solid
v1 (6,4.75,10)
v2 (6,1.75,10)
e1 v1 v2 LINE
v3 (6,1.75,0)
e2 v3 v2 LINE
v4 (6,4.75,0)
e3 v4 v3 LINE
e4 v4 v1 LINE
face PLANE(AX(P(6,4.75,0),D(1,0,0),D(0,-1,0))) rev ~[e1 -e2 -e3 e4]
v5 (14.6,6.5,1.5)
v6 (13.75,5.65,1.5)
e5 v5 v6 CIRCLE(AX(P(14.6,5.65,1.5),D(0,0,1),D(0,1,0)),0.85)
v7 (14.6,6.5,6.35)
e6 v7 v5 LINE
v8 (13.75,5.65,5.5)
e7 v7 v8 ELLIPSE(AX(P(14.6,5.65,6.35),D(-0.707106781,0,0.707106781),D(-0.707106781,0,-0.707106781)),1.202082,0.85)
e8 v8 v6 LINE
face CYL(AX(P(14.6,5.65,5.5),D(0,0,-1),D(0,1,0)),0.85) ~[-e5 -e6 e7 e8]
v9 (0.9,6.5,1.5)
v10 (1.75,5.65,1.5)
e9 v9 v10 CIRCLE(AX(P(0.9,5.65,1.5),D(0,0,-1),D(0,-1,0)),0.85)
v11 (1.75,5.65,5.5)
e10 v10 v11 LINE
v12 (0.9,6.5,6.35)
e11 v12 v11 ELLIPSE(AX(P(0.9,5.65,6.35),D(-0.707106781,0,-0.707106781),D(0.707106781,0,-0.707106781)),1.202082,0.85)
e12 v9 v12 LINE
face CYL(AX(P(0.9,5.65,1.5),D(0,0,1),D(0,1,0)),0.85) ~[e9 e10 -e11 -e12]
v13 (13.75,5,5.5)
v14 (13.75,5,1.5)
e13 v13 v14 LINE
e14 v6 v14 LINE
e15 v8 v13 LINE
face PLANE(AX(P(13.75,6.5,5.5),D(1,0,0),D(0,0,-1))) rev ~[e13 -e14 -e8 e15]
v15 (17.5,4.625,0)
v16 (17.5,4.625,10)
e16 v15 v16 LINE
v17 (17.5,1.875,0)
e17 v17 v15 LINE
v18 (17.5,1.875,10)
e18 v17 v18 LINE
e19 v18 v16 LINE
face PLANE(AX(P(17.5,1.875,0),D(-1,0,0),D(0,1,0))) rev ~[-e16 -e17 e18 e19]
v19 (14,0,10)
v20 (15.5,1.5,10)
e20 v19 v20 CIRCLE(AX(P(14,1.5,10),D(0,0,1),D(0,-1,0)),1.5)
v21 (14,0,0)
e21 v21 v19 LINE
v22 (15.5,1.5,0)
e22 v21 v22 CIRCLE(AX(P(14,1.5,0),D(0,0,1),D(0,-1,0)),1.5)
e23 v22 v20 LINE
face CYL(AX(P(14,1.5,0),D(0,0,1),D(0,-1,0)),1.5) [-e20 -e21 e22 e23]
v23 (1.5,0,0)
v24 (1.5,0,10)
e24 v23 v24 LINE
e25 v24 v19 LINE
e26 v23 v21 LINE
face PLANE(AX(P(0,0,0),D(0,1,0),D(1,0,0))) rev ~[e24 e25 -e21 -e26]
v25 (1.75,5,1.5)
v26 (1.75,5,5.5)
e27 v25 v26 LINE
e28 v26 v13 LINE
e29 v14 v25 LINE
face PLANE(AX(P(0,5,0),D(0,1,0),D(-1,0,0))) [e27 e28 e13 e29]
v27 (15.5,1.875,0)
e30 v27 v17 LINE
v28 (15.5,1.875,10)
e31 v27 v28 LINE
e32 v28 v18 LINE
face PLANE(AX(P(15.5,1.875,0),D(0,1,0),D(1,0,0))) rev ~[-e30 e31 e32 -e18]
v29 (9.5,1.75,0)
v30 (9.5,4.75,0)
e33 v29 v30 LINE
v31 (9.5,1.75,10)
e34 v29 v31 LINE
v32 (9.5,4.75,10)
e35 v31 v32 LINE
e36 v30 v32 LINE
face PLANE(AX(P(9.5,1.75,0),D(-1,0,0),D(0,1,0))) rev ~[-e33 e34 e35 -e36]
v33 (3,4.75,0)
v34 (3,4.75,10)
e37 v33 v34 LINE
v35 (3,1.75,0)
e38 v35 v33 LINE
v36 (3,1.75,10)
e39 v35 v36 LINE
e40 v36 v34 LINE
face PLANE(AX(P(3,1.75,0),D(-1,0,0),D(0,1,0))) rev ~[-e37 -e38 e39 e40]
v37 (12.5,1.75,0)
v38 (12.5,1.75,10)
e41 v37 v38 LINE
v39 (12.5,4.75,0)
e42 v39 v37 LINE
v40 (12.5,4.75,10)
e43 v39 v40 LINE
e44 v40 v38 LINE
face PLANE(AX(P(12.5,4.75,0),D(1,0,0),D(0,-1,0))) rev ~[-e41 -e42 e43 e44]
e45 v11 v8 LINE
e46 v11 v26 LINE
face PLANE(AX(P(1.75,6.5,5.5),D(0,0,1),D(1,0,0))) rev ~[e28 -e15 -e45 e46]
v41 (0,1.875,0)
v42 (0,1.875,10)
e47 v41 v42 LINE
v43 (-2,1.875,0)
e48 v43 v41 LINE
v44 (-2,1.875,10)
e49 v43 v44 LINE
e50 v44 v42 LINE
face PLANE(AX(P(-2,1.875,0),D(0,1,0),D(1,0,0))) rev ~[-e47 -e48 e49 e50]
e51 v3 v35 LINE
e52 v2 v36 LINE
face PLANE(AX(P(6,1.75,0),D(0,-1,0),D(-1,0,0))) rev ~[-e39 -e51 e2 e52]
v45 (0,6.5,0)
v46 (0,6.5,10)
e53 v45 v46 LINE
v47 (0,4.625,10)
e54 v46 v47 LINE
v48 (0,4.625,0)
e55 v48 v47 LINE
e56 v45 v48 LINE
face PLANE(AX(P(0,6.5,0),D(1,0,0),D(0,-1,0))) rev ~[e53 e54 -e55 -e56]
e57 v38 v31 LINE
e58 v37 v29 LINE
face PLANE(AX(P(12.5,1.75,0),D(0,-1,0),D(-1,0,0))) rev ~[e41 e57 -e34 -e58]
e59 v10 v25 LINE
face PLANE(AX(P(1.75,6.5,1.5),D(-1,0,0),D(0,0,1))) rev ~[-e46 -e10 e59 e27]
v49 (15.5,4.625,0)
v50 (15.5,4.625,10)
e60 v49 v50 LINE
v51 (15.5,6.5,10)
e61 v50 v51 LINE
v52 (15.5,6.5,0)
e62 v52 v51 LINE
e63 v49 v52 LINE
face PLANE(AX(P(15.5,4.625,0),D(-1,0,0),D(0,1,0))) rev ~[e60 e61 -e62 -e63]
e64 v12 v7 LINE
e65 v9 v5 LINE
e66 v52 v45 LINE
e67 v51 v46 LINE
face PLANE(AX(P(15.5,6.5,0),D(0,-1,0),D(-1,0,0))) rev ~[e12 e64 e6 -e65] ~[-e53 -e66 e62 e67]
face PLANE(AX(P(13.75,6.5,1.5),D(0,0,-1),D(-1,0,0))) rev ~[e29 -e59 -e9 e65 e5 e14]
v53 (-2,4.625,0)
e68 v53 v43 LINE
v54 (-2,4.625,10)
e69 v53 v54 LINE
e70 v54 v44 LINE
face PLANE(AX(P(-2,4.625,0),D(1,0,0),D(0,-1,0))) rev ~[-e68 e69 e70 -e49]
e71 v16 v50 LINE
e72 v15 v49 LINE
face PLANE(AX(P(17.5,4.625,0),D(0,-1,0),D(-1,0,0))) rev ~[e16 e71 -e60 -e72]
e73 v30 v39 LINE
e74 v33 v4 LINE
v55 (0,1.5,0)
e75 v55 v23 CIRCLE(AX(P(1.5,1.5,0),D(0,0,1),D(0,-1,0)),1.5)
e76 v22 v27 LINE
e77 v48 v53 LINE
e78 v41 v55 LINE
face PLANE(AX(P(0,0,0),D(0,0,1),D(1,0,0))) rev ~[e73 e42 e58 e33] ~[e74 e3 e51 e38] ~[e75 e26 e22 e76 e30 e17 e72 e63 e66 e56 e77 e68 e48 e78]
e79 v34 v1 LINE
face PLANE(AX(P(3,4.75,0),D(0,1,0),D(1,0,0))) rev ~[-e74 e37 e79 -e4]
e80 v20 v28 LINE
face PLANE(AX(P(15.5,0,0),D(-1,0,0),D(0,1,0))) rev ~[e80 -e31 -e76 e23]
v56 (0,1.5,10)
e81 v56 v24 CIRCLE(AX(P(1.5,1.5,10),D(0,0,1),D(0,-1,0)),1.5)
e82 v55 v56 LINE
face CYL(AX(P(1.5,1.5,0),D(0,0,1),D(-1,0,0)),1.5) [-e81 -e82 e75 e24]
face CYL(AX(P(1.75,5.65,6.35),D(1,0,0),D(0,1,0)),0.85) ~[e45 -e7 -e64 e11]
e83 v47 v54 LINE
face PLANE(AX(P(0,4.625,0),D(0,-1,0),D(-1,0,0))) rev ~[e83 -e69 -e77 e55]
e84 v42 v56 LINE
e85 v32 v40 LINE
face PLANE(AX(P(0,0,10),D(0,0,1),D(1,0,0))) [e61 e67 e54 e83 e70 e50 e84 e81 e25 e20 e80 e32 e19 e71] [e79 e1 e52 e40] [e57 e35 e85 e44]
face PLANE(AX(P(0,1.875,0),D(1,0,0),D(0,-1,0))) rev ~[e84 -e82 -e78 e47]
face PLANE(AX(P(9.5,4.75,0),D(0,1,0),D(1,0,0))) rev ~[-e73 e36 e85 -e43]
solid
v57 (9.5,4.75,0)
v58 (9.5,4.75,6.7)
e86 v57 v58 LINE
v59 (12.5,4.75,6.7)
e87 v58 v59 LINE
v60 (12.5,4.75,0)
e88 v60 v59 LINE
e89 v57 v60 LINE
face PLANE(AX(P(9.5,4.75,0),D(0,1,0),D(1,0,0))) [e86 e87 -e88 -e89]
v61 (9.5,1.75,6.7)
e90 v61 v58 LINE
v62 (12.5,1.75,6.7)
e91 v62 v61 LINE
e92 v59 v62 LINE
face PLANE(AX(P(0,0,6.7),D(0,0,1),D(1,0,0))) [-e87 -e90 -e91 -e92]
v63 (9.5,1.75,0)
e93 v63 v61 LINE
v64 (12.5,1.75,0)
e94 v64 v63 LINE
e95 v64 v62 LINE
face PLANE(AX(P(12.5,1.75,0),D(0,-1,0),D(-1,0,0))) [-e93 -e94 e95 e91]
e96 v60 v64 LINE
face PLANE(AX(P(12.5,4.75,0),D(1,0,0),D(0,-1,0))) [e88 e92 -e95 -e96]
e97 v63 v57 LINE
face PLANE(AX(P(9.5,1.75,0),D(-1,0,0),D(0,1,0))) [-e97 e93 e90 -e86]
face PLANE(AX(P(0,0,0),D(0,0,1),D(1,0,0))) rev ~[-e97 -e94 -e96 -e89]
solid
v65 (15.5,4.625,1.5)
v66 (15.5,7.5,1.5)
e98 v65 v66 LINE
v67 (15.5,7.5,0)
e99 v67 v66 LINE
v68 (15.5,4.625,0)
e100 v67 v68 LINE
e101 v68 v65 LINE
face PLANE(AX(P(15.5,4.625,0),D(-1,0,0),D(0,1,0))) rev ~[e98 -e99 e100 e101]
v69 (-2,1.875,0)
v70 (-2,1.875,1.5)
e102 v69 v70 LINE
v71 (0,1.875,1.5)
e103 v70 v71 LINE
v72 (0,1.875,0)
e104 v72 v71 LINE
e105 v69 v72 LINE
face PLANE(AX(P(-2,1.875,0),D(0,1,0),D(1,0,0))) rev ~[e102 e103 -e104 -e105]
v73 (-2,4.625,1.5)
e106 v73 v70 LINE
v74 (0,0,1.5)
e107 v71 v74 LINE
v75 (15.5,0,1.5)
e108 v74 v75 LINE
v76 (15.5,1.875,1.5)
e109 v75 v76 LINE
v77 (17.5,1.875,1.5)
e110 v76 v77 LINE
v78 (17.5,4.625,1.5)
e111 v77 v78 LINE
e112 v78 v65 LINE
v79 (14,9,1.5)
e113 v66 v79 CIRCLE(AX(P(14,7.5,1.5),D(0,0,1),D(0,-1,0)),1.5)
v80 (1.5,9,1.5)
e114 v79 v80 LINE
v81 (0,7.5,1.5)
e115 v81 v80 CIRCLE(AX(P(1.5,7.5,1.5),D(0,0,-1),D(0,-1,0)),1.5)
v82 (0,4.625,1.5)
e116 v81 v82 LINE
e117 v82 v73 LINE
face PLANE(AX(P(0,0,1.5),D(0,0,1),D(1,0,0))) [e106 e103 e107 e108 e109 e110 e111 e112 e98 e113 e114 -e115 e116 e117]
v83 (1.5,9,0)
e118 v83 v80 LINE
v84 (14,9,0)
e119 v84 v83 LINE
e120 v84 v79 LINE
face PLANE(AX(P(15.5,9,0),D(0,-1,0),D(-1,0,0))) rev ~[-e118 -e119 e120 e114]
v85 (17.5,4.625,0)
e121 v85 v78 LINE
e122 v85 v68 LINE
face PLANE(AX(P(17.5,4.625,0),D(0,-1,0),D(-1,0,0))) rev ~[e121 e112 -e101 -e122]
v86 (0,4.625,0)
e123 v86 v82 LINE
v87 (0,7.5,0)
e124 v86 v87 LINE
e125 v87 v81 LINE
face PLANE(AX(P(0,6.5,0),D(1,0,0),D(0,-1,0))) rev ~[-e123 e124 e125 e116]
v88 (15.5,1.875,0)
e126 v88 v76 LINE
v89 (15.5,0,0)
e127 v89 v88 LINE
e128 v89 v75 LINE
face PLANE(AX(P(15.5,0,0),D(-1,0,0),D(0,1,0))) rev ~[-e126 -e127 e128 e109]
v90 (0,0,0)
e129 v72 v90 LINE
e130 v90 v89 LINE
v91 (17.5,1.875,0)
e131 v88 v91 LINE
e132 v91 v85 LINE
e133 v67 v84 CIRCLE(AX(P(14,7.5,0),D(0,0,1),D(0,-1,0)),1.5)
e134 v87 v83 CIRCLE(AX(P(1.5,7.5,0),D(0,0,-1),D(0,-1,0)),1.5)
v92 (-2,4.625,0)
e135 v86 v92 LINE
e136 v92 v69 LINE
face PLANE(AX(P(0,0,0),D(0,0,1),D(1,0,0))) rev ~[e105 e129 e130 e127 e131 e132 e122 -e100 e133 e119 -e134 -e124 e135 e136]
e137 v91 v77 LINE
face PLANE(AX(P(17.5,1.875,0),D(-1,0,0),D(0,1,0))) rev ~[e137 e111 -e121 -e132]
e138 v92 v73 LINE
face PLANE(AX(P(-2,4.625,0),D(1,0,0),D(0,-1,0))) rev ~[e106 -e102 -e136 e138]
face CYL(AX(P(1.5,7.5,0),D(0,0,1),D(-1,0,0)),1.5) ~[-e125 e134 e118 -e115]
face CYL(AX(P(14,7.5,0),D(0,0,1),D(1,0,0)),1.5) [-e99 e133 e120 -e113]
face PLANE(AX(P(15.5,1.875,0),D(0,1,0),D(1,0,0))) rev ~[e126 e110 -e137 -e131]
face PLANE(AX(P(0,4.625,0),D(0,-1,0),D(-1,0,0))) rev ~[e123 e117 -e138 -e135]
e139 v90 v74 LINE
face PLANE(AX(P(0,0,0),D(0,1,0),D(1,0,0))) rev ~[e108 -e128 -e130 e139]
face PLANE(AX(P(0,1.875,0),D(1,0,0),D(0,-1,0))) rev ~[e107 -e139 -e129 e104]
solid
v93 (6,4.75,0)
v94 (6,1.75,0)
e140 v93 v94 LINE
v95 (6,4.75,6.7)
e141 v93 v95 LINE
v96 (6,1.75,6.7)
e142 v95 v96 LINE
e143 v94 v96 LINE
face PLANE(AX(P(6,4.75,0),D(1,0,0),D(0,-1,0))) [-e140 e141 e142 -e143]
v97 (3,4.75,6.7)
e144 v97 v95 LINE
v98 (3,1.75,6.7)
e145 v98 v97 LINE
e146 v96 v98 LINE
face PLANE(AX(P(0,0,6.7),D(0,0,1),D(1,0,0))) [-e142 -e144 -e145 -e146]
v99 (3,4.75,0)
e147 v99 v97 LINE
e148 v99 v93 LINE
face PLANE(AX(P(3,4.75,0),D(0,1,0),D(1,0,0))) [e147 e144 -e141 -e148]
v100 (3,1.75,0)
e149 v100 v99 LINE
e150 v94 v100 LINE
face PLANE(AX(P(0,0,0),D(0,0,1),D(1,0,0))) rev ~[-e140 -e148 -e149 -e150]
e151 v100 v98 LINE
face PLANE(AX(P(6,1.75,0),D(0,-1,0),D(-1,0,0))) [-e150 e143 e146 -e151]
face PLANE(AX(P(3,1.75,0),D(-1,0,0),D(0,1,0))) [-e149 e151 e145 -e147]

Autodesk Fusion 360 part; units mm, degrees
sketch "Sketch1" plane through (0, 0, 0) normal (0, 0, 1) x (1, 0, 0) in component "USB-Cover"
  line L0 (0, 0) -> (15.5, 0)
  line L1 (15.5, 0) -> (15.5, 9)
  line L2 (15.5, 9) -> (0, 9)
  line L3 (0, 9) -> (0, 0)
  line L4 (0, 0) -> (15.5, 0)
  line L5 (15.5, 0) -> (15.5, 6.5)
  line L6 (15.5, 6.5) -> (0, 6.5)
  line L7 (0, 6.5) -> (0, 0)
  line L8 (15.5, 1.875) -> (17.5, 1.875)
  line L9 (17.5, 1.875) -> (17.5, 4.625)
  line L10 (17.5, 4.625) -> (15.5, 4.625)
  line L11 (15.5, 4.625) -> (15.5, 1.875)
  line L12 (15.5, 0) -> (18.6778, 0) construction
  line L13 (-2, 1.875) -> (0, 1.875)
  line L14 (0, 4.625) -> (-2, 4.625)
  line L15 (0, 1.875) -> (0, 4.625)
  line L16 (-2, 4.625) -> (-2, 1.875)
  line L17 (3, 4.75) -> (6, 4.75)
  line L18 (6, 4.75) -> (6, 1.75)
  line L19 (6, 1.75) -> (3, 1.75)
  line L20 (3, 1.75) -> (3, 4.75)
  line L21 (9.5, 4.75) -> (12.5, 4.75)
  line L22 (9.5, 1.75) -> (9.5, 4.75)
  line L23 (12.5, 1.75) -> (9.5, 1.75)
  line L24 (12.5, 4.75) -> (12.5, 1.75)
  line L25 (1.2119, 0) -> (-4.6965, 0) construction
  dimension "d1" = 15.5
  dimension "d2" = 9
  dimension "d3" = 6.5
  dimension "d4" = 2
  dimension "d5" = 2.75
  dimension "d6" = 1.875
  dimension "d7" = 2
  dimension "d8" = 2.75
  dimension "d9" = 3
  dimension "d10" = 3
  dimension "d11" = 1.75
  dimension "d12" = 3
  dimension "d13" = 3
  dimension "d14" = 3
  dimension "d30" = 1.75
  dimension "d31" = 1.875
extrude "Extrude4" add sketch "Sketch1" along normal blind 6.7 contours L17 L18 L19 L20 | L21 L22 L23 L24 makes body 1 at (9.5, 3.75, 4.4667) makes body 2 at (3, 3.75, 4.4667) in component "USB-Cover"
extrude "Extrude2" add sketch "Sketch1" along normal blind 10 separate body contours L0 L1 L3 L4 L5 L6 L7 L11 L15 | L3 L7 L13 L14 L15 L16 | L1 L5 L8 L9 L10 L11 makes body 3 in component "USB-Cover"
extrude "Extrude1" add sketch "Sketch1" along normal blind 1.5 separate body contours L0 L1 L3 L4 L5 L6 L7 L11 L15 | L3 L7 L13 L14 L15 L16 | L1 L5 L8 L9 L10 L11 | L1 L2 L3 L6 | L17 L18 L19 L20 | L21 L22 L23 L24 makes body 4 in component "USB-Cover"
fillet "Fillet1" radius 1.5 6 edges at (15.5, 9, 0.75) (0, 9, 0.75) (15.5, 0, 0.75) (0, 0, 0.75) (15.5, 0, 5) (0, 0, 5) on bodies 3 4 in component "USB-Cover"
sketch "Sketch2" plane through (0, 6.5, 0) normal (0, 1, 0) x (-1, 0, 0) in component "USB-Cover"
  line L0 (-15.5, 0) -> (0, 0)
  line L1 (0, 0) -> (0, 10)
  line L2 (0, 10) -> (-15.5, 10)
  line L3 (-15.5, 10) -> (-15.5, 0)
  line L4 (-15.5, 1.5) -> (-14, 1.5)
  line L5 (-14, 1.5) -> (-1.5, 1.5)
  line L6 (0, 0) -> (0, 10)
  line L7 (-13.75, 1.5) -> (-1.75, 1.5)
  line L8 (-1.75, 1.5) -> (-1.75, 5.5)
  line L9 (-1.75, 5.5) -> (-13.75, 5.5)
  line L10 (-13.75, 5.5) -> (-13.75, 1.5)
  dimension "d21" = 12
  dimension "d22" = 4
  dimension "d23" = 1.75
extrude "Extrude3" cut sketch "Sketch2" against normal blind 1.5 contours L5 L7 L8 L9 L10 bodies 3 in component "USB-Cover"
fillet "Fillet2" radius 0.85 3 edges at (13.75, 6.5, 3.5) (7.75, 6.5, 5.5) (1.75, 6.5, 3.5) on bodies 3 in component "USB-Cover"
component "USB-Cover" placed x (1, 0, 0) y (0, 1, 0) z (0, 0, 1) at (0, 0, 0)
